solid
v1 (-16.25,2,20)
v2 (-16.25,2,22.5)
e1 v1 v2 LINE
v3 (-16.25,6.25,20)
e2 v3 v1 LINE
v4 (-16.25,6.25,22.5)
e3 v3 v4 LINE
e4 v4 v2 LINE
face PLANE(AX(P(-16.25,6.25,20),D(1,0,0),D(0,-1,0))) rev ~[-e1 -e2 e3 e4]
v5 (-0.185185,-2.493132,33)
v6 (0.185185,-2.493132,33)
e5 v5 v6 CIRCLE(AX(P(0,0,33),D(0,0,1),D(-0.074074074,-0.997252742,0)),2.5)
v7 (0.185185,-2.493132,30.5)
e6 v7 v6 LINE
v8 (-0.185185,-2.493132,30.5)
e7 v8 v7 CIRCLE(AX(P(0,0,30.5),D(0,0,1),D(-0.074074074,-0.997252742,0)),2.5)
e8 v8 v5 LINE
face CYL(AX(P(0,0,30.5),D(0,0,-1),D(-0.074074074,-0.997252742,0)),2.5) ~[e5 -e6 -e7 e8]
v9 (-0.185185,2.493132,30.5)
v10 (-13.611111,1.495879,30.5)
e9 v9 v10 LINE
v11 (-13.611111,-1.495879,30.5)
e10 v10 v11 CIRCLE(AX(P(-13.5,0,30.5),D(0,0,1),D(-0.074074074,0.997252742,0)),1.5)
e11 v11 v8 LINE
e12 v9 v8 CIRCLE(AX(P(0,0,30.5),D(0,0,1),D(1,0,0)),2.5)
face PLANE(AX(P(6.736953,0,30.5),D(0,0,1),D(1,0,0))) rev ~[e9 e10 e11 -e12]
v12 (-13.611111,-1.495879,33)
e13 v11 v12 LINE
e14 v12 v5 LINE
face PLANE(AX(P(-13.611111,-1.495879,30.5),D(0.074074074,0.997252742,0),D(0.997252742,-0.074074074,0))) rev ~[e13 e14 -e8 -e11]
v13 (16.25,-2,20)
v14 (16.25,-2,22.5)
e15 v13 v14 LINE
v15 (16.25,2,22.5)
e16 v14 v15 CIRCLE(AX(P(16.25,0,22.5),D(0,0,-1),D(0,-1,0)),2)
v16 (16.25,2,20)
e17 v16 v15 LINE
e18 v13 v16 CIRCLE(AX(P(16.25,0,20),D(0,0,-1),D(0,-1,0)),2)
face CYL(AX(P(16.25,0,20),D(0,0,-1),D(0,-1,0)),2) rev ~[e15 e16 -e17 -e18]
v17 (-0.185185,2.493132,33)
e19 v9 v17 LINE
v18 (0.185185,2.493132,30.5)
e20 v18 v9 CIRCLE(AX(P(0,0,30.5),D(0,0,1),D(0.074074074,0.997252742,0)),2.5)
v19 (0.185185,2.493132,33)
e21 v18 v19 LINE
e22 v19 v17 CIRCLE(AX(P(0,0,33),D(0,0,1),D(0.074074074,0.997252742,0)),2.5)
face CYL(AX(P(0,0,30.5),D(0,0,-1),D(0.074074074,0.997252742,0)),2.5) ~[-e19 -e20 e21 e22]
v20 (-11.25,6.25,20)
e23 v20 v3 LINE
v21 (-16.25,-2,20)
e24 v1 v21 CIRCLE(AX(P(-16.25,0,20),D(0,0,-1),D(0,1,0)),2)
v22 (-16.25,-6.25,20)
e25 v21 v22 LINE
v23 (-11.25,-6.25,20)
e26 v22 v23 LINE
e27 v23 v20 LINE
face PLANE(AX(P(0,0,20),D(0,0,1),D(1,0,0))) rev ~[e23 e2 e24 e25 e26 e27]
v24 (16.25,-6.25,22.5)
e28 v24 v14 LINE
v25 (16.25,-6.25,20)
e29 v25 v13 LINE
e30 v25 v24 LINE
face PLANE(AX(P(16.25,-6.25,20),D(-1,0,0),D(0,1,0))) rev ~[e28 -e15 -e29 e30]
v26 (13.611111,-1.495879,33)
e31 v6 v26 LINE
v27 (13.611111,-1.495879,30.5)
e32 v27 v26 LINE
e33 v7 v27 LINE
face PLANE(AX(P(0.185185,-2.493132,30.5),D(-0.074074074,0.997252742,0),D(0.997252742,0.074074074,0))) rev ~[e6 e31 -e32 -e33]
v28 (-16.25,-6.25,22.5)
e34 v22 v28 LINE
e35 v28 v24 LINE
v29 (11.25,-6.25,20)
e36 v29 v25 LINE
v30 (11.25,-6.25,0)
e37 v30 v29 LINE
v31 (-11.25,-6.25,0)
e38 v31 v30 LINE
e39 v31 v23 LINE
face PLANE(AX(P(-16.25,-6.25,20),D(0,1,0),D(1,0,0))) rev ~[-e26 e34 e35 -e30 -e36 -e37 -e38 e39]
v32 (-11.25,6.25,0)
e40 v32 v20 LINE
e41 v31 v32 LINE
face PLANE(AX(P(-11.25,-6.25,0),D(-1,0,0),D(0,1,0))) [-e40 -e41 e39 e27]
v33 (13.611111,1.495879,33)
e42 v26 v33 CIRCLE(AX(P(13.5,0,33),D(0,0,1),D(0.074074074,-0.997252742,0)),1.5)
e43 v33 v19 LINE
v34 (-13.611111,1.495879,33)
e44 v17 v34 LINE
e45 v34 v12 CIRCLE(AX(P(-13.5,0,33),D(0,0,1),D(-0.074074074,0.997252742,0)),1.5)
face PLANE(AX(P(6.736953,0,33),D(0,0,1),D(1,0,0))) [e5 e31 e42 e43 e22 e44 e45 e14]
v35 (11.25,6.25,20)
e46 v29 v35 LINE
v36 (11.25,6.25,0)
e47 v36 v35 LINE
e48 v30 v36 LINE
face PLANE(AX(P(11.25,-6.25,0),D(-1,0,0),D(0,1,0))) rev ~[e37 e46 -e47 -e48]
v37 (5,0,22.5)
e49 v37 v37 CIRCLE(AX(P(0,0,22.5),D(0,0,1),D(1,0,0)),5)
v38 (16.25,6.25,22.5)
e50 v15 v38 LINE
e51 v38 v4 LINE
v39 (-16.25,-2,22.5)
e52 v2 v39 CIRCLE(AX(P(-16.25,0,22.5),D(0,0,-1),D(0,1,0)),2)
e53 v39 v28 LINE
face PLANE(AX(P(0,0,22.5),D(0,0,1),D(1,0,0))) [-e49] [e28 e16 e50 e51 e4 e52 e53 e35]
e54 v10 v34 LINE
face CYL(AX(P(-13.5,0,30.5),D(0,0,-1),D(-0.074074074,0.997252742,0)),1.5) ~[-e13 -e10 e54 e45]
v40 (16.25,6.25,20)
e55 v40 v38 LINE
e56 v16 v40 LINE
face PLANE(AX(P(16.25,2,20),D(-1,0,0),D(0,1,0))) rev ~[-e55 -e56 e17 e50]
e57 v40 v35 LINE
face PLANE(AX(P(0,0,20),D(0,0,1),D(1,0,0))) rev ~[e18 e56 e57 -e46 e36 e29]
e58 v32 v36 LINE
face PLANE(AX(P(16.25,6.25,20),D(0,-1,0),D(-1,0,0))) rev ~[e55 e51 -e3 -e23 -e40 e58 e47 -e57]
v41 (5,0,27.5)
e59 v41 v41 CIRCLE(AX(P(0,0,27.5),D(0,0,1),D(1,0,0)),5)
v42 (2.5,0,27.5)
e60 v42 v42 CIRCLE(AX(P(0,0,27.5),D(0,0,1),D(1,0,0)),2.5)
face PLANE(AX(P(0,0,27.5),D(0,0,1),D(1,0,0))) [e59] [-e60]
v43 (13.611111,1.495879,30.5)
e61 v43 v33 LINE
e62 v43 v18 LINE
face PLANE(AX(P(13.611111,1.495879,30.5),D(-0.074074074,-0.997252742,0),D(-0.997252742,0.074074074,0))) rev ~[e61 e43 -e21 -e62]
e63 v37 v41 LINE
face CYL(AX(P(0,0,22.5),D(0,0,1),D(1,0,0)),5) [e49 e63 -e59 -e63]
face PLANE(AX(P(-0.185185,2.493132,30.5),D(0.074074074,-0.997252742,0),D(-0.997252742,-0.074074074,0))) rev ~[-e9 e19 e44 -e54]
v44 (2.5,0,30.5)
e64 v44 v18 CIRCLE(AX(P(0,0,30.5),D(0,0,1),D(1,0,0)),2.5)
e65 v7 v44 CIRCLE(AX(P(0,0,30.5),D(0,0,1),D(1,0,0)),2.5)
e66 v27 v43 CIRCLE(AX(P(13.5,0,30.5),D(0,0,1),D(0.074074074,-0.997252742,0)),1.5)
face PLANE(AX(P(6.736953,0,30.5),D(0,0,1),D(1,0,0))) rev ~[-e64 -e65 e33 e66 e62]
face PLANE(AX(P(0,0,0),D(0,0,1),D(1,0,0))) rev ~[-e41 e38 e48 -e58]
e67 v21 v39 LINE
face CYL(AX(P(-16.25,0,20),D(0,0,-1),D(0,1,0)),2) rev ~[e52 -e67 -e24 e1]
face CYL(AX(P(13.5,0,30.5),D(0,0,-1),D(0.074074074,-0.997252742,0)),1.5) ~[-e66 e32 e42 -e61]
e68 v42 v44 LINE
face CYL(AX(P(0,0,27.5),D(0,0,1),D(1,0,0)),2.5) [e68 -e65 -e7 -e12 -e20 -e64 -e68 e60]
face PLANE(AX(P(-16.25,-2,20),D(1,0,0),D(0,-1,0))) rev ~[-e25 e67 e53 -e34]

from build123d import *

# Parameters (mm, degrees)
F0_W     = 22.5
F0_H     = 12.5
F1_DEPTH = 20
F3_DEPTH = 2.5
F6_R     = 1.47809988
F7_DEPTH = 2.5


with BuildPart() as f1:
    # F0 (on Top) → F1 (new body)
    with BuildSketch(Plane.XY):
        Rectangle(F0_W, F0_H)
    extrude(amount=F1_DEPTH)

    # F2 (on face) → F3 (join)
    with BuildSketch(Plane.XY.offset(20)):
        with BuildLine():
            Line((16.25, 2), (16.25, 6.25))
            Line((16.25, 6.25), (-16.25, 6.25))
            Line((-16.25, 6.25), (-16.25, 2))
            ThreePointArc((-16.25, 2), (-14.25, 0), (-16.25, -2))
            Line((-16.25, -2), (-16.25, -6.25))
            Line((-16.25, -6.25), (16.25, -6.25))
            Line((16.25, -6.25), (16.25, -2))
            ThreePointArc((16.25, -2), (14.25, 0), (16.25, 2))
        make_face()
    extrude(amount=F3_DEPTH)

    # F4 (on Front) → F5 (revolve)
    with BuildSketch(Plane.XZ):
        Polygon((0, 22.5), (5, 22.5), (5, 27.5), (2.5, 27.5), (2.5, 30.5), (0, 30.5), align=None)
    revolve(axis=Axis((0, 0, 26.5), (0, 0, 1)))

    # F6 (on face) → F7 (join)
    with BuildSketch(Plane.XY.offset(30.5)):
        with BuildLine():
            Line((0.1851851852, -2.4931318552), (13.6111111111, -1.4958791131))
            ThreePointArc((13.6111111111, -1.4958791131), (15, 0), (13.6111111111, 1.4958791131))
            Line((13.6111111111, 1.4958791131), (0.1851851852, 2.4931318552))
            ThreePointArc((0.1851851852, 2.4931318552), (1.832070272, 1.7010345436), (2.5, 0))
            ThreePointArc((2.5, 0), (1.832070272, -1.7010345436), (0.1851851852, -2.4931318552))
        make_face()
        with BuildLine():
            ThreePointArc((-0.1851851852, -2.4931318552), (0, -2.5), (0.1851851852, -2.4931318552))
            ThreePointArc((0.1851851852, -2.4931318552), (1.832070272, -1.7010345436), (2.5, 0))
            ThreePointArc((2.5, 0), (1.832070272, 1.7010345436), (0.1851851852, 2.4931318552))
            ThreePointArc((0.1851851852, 2.4931318552), (0, 2.5), (-0.1851851852, 2.4931318552))
            ThreePointArc((-0.1851851852, 2.4931318552), (-2.5, 0), (-0.1851851852, -2.4931318552))
        make_face()
        Circle(F6_R, mode=Mode.SUBTRACT)
        with BuildLine():
            Line((-13.6111111111, -1.4958791131), (-0.1851851852, -2.4931318552))
            ThreePointArc((-0.1851851852, -2.4931318552), (-2.5, 0), (-0.1851851852, 2.4931318552))
            Line((-0.1851851852, 2.4931318552), (-13.6111111111, 1.4958791131))
            ThreePointArc((-13.6111111111, 1.4958791131), (-15, 0), (-13.6111111111, -1.4958791131))
        make_face()
        Circle(F6_R)
    extrude(amount=F7_DEPTH)


solid = f1.part
